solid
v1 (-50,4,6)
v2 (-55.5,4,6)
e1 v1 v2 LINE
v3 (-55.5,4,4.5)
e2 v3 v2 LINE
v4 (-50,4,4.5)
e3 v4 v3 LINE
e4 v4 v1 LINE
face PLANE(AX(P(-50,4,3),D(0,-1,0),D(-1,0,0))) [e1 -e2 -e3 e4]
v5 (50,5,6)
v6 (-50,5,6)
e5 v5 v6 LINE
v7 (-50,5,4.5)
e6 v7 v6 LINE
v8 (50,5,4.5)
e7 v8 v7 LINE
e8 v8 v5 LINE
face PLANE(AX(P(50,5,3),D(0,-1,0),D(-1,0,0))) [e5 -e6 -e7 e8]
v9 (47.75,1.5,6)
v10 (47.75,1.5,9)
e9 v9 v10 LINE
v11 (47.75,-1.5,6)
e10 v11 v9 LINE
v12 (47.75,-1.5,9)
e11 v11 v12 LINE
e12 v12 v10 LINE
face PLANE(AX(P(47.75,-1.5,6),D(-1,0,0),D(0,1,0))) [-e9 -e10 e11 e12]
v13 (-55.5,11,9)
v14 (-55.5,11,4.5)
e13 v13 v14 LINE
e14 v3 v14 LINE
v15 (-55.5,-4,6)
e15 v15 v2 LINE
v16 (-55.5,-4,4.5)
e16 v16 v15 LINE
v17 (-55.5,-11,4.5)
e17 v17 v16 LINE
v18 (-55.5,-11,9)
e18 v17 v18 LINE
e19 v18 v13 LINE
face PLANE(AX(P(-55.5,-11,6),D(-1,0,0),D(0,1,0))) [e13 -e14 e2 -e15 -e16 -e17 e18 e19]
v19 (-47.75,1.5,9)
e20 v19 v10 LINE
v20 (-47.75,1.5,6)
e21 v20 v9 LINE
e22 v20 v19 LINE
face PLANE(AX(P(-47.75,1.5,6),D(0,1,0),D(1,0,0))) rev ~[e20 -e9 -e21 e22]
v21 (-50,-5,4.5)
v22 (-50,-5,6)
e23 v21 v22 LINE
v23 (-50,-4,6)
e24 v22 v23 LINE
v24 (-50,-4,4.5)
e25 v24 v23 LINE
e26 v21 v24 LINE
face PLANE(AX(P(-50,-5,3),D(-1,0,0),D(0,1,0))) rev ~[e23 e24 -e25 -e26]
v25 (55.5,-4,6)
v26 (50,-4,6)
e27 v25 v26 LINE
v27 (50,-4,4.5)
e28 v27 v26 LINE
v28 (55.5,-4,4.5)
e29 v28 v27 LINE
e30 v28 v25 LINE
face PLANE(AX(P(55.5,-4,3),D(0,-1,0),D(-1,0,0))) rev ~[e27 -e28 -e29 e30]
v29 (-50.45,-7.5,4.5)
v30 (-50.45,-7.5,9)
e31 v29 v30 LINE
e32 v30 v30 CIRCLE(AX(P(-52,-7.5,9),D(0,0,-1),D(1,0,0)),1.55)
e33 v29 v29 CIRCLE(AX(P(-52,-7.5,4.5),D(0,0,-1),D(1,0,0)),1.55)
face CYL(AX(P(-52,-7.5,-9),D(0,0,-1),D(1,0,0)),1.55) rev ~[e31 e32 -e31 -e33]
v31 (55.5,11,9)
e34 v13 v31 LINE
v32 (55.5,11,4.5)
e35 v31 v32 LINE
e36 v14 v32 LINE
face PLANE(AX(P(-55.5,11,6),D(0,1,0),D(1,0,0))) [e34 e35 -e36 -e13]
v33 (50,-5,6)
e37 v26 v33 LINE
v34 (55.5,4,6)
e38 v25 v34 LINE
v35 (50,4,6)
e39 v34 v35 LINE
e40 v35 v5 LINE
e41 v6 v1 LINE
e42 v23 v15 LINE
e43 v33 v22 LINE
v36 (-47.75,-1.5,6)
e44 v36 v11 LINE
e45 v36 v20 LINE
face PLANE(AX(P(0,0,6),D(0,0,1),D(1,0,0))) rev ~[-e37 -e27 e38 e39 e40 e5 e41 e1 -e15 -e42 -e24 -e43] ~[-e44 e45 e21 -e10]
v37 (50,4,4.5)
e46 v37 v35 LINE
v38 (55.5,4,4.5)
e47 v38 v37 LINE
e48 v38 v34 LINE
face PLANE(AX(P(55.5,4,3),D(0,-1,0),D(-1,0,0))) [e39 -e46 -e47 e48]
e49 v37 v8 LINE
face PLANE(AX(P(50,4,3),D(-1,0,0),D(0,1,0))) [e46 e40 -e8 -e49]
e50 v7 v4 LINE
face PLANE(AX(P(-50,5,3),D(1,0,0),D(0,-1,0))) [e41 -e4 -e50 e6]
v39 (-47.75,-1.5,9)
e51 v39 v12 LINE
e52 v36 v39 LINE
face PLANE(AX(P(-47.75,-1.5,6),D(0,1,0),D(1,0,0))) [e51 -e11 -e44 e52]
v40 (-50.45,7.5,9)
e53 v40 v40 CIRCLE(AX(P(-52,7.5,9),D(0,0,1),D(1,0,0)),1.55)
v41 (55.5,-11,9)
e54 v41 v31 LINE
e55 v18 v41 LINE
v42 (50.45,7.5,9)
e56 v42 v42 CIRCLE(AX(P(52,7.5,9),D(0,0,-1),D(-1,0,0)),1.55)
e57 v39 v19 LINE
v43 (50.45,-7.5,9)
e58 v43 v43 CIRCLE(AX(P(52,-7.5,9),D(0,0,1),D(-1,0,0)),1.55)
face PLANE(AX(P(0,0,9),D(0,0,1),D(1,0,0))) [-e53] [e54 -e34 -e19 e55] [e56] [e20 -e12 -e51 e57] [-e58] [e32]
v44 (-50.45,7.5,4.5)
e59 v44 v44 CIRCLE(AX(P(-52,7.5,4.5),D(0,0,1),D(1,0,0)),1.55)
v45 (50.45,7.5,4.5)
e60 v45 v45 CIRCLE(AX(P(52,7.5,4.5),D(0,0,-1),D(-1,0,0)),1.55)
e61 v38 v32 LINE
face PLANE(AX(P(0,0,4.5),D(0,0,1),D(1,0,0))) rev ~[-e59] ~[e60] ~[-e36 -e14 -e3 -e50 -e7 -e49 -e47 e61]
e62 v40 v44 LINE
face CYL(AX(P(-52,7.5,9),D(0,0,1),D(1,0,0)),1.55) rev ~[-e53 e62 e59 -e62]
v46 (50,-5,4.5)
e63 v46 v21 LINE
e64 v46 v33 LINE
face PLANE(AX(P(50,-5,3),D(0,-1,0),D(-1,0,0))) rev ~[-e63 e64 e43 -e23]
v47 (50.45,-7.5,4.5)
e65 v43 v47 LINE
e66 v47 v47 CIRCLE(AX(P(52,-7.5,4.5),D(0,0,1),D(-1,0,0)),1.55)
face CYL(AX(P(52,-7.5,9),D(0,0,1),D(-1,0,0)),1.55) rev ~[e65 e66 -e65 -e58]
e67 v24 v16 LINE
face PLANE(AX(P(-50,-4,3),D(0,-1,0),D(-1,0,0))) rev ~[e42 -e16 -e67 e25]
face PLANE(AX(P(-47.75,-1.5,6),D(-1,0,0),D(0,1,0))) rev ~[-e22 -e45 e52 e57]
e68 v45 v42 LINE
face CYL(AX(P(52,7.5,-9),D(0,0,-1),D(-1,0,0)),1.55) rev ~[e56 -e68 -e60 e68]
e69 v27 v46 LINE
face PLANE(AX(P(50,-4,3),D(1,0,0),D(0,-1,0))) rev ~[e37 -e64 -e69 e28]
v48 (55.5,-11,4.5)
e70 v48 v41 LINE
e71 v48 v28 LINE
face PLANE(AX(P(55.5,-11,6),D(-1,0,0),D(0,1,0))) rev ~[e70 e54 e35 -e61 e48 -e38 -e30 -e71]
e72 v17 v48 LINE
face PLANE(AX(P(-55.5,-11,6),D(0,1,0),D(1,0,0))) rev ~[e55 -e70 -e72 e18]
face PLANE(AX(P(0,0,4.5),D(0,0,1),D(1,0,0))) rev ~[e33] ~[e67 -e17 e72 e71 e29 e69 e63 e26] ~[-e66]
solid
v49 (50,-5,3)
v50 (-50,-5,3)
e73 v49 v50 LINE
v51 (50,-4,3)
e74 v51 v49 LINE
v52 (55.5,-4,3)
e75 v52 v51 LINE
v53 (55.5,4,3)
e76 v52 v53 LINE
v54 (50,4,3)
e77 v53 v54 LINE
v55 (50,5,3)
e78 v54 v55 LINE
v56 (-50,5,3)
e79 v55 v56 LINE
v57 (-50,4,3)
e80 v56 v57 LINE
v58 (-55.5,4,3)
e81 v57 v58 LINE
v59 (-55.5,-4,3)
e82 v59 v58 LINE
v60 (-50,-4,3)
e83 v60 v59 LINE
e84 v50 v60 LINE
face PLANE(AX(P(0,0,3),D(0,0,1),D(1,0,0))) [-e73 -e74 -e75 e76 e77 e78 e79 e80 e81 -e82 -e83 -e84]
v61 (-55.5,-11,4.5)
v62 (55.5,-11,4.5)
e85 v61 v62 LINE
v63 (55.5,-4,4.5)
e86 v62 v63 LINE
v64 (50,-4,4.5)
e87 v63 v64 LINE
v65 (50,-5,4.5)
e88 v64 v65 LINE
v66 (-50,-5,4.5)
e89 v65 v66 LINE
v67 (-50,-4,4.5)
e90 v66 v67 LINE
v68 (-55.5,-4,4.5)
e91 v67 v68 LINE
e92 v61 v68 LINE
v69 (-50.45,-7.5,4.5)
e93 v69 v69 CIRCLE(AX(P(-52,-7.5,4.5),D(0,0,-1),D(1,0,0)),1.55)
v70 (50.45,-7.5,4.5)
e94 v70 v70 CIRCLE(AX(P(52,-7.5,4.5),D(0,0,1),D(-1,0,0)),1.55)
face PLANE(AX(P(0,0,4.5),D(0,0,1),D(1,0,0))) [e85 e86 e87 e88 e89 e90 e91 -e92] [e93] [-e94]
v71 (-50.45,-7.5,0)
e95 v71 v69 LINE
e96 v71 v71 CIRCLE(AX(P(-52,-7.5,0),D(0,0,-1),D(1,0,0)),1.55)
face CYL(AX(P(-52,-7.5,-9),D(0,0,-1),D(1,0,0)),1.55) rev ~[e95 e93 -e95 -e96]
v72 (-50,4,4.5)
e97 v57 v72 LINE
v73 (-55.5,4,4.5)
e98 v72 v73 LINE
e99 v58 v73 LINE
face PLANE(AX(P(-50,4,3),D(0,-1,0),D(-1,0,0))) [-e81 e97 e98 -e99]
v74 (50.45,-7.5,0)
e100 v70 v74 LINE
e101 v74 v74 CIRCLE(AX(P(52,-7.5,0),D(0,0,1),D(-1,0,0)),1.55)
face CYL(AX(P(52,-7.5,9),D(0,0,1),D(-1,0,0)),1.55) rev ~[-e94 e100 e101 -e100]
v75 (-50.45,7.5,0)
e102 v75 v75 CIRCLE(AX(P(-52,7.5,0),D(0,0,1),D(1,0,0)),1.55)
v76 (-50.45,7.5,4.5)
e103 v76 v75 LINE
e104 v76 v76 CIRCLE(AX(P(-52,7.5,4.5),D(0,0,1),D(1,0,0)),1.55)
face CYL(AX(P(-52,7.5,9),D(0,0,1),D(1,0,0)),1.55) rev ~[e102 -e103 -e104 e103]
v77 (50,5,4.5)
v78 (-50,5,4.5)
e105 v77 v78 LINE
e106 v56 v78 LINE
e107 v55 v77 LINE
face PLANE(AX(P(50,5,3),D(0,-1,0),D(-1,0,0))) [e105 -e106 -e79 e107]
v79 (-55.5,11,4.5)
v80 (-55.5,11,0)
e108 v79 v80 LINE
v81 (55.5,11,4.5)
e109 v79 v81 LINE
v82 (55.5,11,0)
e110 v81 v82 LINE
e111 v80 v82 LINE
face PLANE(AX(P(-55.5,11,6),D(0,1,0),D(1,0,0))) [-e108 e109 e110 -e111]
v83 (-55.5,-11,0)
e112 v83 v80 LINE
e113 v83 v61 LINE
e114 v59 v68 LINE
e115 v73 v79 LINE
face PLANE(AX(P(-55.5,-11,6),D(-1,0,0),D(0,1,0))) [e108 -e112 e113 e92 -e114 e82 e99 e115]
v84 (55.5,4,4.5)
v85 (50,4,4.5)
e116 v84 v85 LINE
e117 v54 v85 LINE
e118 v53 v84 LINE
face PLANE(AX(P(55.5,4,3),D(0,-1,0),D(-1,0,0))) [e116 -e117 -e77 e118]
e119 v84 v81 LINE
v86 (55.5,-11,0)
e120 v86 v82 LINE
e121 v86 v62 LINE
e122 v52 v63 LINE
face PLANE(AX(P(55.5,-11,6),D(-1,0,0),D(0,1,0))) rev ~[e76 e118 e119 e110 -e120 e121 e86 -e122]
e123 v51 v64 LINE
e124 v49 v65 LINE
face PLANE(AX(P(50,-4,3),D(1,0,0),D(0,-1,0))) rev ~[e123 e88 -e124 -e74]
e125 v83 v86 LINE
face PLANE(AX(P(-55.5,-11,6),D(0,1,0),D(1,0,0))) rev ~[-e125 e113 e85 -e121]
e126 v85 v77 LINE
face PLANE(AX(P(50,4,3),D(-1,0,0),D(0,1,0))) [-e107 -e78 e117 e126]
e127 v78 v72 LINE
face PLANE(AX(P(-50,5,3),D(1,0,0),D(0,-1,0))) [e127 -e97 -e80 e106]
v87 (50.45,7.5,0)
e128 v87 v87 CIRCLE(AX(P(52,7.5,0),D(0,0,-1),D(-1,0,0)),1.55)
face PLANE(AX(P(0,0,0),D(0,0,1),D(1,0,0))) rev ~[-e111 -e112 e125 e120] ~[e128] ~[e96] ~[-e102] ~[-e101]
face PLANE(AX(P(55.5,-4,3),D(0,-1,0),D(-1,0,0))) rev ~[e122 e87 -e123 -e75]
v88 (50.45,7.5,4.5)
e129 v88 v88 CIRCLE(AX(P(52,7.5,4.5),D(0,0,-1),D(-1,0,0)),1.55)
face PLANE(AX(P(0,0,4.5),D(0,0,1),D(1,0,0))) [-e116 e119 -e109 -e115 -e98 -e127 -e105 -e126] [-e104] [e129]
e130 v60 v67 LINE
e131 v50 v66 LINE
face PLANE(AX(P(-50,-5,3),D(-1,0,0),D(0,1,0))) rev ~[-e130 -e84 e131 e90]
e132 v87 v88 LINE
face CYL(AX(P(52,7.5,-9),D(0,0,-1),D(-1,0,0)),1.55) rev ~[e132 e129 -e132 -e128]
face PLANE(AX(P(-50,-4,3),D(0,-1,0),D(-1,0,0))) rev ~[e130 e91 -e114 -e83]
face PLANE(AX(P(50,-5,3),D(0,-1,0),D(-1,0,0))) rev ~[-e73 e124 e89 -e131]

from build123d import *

# Parameters (mm, degrees)
BOX_BOTTOM_HALF_0_W     = 113
BOX_BOTTOM_HALF_0_H     = 24
BOX_BOTTOM_HALF_0_DEPTH = 5.5
SKETCH_W                = 111
SKETCH_H                = 22
PAD_DEPTH               = 3
PAD001_DEPTH            = 3
SKETCH002_W             = 111
SKETCH002_H             = 22
SKETCH002_W_2           = 95.5
SKETCH002_H_2           = 3
PAD002_DEPTH            = 3
SKETCH003_R             = 1.55
POCKET_DEPTH            = 236.034037
POLARPATTERN_COUNT      = 2
POLARPATTERN001_COUNT   = 2
POLARPATTERN002_COUNT   = 2


with BuildPart() as box_bottom_half_0_body:
    # box_bottom_half_0 → box_bottom_half_0 (new body)
    with BuildSketch(Plane(origin=(-56.5, -12, -1), x_dir=(1, 0, 0), z_dir=(0, 0, 1))):
        with Locations((56.5, 12)):
            Rectangle(BOX_BOTTOM_HALF_0_W, BOX_BOTTOM_HALF_0_H)
    extrude(amount=BOX_BOTTOM_HALF_0_DEPTH)


with BuildPart() as body:
    # Sketch → Pad (new body)
    with BuildSketch(Plane.XY):
        Rectangle(SKETCH_W, SKETCH_H)
    extrude(amount=PAD_DEPTH)

    # Sketch001 (on Face6 of Pad) → Pad001 (join)
    with BuildSketch(Plane.XY.offset(3)):
        Polygon((-55.5, 11), (55.5, 11), (55.5, 4), (50, 4), (50, 5), (-50, 5), (-50, 4), (-55.5, 4), align=None)
        Polygon((-55.5, -11), (55.5, -11), (55.5, -4), (50, -4), (50, -5), (-50, -5), (-50, -4), (-55.5, -4), align=None)
    extrude(amount=PAD001_DEPTH)

    # Sketch002 (on Face12 of Pad001) → Pad002 (join)
    with BuildSketch(Plane.XY.offset(6)):
        Rectangle(SKETCH002_W, SKETCH002_H)
        Rectangle(SKETCH002_W_2, SKETCH002_H_2, mode=Mode.SUBTRACT)
    extrude(amount=PAD002_DEPTH)

    # Sketch003 (on Face26 of Pad002) → Pocket (cut, through all)
    with BuildSketch(Plane.XY.offset(9)):
        with Locations((-52, 7.5)):
            Circle(SKETCH003_R)
    pocket = extrude(amount=-POCKET_DEPTH, mode=Mode.SUBTRACT)

    # PolarPattern: Pocket ×2 about axis
    polarpattern_axis = Axis((0, 0, 0), (0, 1, 0))
    for i in range(1, POLARPATTERN_COUNT):
        add(pocket.rotate(polarpattern_axis, i * 360 / POLARPATTERN_COUNT), mode=Mode.SUBTRACT)

    # PolarPattern001: Pocket ×2 about axis
    polarpattern001_axis = Axis((0, 0, 0), (1, 0, 0))
    for i in range(1, POLARPATTERN001_COUNT):
        add(pocket.rotate(polarpattern001_axis, i * 360 / POLARPATTERN001_COUNT), mode=Mode.SUBTRACT)

    # PolarPattern002: Pocket ×2 about axis
    polarpattern002_axis = Axis((0, 0, 9), (0, 0, 1))
    for i in range(1, POLARPATTERN002_COUNT):
        add(pocket.rotate(polarpattern002_axis, i * 360 / POLARPATTERN002_COUNT), mode=Mode.SUBTRACT)


with BuildPart() as bottom_half_0_body:
    # bottom_half_0 base: copy of Body
    add(body.part)

    # bottom_half_0: intersect box_bottom_half_0 body
    add(box_bottom_half_0_body.part, mode=Mode.INTERSECT)


with BuildPart() as top_half_0_body:
    # top_half_0 base: copy of Body
    add(body.part)

    # top_half_0: cut box_bottom_half_0 body
    add(box_bottom_half_0_body.part, mode=Mode.SUBTRACT)


solid = Compound([bottom_half_0_body.part, top_half_0_body.part])
